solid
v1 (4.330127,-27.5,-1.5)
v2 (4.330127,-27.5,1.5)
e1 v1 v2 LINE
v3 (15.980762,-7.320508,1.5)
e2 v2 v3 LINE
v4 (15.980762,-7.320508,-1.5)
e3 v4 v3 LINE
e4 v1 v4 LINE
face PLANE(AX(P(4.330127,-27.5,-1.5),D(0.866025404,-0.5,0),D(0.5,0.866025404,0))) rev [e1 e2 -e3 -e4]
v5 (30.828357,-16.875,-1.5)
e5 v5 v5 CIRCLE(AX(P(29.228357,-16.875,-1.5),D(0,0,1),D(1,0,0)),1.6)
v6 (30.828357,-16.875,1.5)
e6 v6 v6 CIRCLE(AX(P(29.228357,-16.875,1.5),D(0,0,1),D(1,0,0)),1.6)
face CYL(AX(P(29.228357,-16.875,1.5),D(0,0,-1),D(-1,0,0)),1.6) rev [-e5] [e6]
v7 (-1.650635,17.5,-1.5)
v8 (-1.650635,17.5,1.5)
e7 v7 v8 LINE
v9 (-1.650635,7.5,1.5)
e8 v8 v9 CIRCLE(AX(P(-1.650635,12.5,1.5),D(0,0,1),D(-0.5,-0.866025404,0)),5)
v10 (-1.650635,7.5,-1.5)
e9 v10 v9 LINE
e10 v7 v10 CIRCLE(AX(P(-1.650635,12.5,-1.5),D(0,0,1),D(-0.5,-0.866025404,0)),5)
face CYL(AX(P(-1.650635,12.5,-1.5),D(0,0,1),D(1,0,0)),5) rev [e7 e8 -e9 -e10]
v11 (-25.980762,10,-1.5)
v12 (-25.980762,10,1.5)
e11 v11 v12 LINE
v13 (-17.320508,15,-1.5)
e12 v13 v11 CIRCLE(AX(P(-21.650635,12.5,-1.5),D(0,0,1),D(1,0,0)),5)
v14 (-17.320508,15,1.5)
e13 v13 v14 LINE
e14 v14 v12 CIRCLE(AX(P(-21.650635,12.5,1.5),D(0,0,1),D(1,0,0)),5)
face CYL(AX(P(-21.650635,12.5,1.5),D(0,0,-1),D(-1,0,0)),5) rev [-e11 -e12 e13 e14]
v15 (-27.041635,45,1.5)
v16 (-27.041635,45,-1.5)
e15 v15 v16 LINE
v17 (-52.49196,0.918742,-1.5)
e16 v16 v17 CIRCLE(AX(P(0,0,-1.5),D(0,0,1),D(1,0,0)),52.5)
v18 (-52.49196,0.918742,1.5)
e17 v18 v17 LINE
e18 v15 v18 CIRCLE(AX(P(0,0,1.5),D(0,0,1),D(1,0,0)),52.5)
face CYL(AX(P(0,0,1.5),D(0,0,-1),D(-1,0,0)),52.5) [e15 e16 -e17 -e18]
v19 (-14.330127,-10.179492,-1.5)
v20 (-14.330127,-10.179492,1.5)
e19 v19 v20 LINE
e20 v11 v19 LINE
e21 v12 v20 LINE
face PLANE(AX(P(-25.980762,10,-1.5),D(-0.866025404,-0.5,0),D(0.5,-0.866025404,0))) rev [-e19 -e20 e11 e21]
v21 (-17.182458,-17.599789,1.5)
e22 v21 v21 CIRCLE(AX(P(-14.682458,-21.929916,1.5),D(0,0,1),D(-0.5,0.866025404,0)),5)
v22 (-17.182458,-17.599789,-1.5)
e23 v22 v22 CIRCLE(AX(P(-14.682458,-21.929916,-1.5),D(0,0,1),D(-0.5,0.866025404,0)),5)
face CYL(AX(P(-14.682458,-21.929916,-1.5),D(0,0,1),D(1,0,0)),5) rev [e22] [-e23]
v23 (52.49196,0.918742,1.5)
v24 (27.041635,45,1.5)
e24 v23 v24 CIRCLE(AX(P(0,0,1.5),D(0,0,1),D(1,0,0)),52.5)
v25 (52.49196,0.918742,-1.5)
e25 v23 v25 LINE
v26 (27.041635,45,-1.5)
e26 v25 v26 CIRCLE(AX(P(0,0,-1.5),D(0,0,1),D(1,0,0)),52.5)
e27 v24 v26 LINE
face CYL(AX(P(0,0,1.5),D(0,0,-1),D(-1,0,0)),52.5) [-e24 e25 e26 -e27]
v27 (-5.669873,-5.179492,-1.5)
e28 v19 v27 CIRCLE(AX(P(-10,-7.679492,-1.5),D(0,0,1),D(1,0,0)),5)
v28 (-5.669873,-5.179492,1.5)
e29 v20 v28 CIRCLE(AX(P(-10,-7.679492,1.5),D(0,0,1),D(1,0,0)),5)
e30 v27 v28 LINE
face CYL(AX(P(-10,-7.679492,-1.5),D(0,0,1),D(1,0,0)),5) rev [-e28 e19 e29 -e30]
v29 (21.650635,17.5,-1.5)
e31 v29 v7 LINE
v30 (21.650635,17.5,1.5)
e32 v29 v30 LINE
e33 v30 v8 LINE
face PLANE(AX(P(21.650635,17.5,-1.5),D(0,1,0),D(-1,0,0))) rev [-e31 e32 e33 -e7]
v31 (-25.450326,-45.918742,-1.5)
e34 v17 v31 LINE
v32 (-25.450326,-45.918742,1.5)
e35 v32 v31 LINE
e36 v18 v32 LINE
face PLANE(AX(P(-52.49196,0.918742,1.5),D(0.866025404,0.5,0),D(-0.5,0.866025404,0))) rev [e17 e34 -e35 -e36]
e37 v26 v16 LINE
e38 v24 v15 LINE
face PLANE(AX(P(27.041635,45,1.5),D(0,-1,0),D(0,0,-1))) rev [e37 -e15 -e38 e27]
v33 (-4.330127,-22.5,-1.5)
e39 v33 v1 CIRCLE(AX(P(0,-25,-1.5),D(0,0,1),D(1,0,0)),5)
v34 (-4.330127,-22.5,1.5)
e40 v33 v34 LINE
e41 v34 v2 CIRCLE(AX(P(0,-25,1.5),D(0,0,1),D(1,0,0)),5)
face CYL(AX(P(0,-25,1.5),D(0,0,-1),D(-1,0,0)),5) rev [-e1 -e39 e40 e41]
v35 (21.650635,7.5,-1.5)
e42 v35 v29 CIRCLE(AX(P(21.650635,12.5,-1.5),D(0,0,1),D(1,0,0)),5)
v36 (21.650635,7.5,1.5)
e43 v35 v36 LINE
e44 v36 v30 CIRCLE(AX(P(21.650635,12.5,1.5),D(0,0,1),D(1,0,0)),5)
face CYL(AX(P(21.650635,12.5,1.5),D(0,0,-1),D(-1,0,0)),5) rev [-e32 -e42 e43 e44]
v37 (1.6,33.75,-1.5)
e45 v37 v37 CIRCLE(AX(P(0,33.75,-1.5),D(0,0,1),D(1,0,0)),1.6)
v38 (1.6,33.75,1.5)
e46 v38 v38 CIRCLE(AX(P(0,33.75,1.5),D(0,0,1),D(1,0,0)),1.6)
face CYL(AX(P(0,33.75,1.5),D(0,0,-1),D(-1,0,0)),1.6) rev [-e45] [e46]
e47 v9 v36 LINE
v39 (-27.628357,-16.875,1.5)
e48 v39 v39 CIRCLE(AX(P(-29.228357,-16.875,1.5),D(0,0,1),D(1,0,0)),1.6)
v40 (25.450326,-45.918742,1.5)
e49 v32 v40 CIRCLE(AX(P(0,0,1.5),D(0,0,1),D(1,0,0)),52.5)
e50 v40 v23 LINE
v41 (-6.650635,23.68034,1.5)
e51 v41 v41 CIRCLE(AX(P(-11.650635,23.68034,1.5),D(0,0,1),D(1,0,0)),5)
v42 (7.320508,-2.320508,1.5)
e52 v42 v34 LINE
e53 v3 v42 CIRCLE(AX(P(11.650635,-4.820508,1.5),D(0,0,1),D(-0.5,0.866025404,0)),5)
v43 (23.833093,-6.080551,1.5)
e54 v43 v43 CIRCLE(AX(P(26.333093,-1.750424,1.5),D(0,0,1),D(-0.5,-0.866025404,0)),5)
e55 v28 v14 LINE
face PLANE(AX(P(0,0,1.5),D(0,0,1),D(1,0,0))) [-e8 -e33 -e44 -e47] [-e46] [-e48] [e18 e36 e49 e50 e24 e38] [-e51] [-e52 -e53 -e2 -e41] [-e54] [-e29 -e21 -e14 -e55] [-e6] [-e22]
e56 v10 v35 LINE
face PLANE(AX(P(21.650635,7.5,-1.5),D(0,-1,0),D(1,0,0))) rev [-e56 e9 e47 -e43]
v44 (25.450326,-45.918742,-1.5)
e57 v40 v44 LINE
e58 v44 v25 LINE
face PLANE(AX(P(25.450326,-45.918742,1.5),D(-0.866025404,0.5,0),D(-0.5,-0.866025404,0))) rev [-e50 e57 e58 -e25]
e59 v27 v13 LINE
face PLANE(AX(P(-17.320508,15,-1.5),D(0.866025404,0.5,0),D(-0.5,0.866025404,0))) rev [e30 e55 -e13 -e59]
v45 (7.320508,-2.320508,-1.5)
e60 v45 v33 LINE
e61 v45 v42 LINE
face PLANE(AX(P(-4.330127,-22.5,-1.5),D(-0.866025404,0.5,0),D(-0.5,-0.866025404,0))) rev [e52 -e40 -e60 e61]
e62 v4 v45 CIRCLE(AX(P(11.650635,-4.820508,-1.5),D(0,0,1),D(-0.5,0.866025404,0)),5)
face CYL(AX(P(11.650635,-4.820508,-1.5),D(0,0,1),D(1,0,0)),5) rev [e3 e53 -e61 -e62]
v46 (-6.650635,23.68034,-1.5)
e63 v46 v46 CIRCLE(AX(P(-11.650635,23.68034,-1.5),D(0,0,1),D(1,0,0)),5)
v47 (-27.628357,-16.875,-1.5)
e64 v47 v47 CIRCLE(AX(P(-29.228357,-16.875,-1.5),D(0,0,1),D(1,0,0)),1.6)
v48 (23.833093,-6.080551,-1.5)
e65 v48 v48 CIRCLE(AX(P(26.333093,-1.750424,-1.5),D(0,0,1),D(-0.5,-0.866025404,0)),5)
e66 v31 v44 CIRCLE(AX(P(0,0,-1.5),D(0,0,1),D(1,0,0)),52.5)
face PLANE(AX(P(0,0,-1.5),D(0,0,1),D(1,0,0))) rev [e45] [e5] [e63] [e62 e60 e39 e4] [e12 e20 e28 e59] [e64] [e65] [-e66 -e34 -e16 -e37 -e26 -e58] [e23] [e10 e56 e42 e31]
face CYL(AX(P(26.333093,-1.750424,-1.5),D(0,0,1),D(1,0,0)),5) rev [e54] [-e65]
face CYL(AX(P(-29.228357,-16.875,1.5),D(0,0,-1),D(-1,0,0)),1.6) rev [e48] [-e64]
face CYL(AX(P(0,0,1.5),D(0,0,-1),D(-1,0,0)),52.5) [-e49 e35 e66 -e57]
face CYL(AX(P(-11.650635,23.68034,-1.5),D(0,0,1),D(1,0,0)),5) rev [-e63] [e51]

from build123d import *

# Parameters (mm, degrees)
SKETCH_1_R               = 1.6
SKETCH_1_R_2             = 5
EXTRUDE_1_DEPTH          = 1.5
CUT_EXTRUDE_1_DEPTH      = 75.301116494
PATTERN_CIRCULAR_1_COUNT = 3
SKETCH_3_R               = 5
CUT_EXTRUDE_3_DEPTH      = 75.301116494
PATTERN_CIRCULAR_3_COUNT = 3


with BuildPart() as part:
    # 草图1 → 凸台-拉伸1 (new, symmetric)
    with BuildSketch(Plane.XY):
        with BuildLine():
            Line((25.450325887, -45.918742494), (52.491960453, 0.918742494))
            ThreePointArc((52.491960453, 0.918742494), (45.466333699, 26.25), (27.041634566, 45))
            Line((27.041634566, 45), (-27.041634566, 45))
            ThreePointArc((-27.041634566, 45), (-45.466333699, 26.25), (-52.491960453, 0.918742494))
            Line((-52.491960453, 0.918742494), (-25.450325887, -45.918742494))
            ThreePointArc((-25.450325887, -45.918742494), (0, -52.5), (25.450325887, -45.918742494))
        make_face()
        with Locations((0, 33.75)):
            Circle(SKETCH_1_R, mode=Mode.SUBTRACT)
        with Locations((29.228357378, -16.875)):
            Circle(SKETCH_1_R, mode=Mode.SUBTRACT)
        with Locations((-29.228357378, -16.875)):
            Circle(SKETCH_1_R, mode=Mode.SUBTRACT)
        with Locations((0, -25)):
            Circle(SKETCH_1_R_2, mode=Mode.SUBTRACT)
        with Locations((-21.650635095, 12.5)):
            Circle(SKETCH_1_R_2, mode=Mode.SUBTRACT)
        with Locations((21.650635095, 12.5)):
            Circle(SKETCH_1_R_2, mode=Mode.SUBTRACT)
    extrude(amount=EXTRUDE_1_DEPTH, both=True)

    # 草图2 → 切除-拉伸1 (cut, through all)
    with BuildSketch(Plane.XY.offset(1.5)):
        with BuildLine():
            Line((-17.320508076, 15), (-5.669872981, -5.179491924))
            ThreePointArc((-5.669872981, -5.179491924), (-7.5, -12.009618943), (-14.330127019, -10.179491924))
            Line((-14.330127019, -10.179491924), (-25.980762114, 10))
            ThreePointArc((-25.980762114, 10), (-24.150635095, 16.830127019), (-17.320508076, 15))
        make_face()
    cut_extrude_1 = extrude(amount=-CUT_EXTRUDE_1_DEPTH, mode=Mode.SUBTRACT)

    # 阵列(圆周)1: 切除-拉伸1 ×3 about axis
    pattern_circular_1_axis = Axis((0, 0, 0), (0, 0, 1))
    for i in range(1, PATTERN_CIRCULAR_1_COUNT):
        add(cut_extrude_1.rotate(pattern_circular_1_axis, i * 360 / PATTERN_CIRCULAR_1_COUNT), mode=Mode.SUBTRACT)

    # 草图3 → 切除-拉伸3 (cut, through all)
    with BuildSketch(Plane.XY.offset(1.5)):
        with Locations((-11.650635095, 23.680339887)):
            Circle(SKETCH_3_R)
    cut_extrude_3 = extrude(amount=-CUT_EXTRUDE_3_DEPTH, mode=Mode.SUBTRACT)

    # 阵列(圆周)3: 切除-拉伸3 ×3 about axis
    pattern_circular_3_axis = Axis((0, 0, 0), (0, 0, 1))
    for i in range(1, PATTERN_CIRCULAR_3_COUNT):
        add(cut_extrude_3.rotate(pattern_circular_3_axis, i * 360 / PATTERN_CIRCULAR_3_COUNT), mode=Mode.SUBTRACT)


solid = part.part
